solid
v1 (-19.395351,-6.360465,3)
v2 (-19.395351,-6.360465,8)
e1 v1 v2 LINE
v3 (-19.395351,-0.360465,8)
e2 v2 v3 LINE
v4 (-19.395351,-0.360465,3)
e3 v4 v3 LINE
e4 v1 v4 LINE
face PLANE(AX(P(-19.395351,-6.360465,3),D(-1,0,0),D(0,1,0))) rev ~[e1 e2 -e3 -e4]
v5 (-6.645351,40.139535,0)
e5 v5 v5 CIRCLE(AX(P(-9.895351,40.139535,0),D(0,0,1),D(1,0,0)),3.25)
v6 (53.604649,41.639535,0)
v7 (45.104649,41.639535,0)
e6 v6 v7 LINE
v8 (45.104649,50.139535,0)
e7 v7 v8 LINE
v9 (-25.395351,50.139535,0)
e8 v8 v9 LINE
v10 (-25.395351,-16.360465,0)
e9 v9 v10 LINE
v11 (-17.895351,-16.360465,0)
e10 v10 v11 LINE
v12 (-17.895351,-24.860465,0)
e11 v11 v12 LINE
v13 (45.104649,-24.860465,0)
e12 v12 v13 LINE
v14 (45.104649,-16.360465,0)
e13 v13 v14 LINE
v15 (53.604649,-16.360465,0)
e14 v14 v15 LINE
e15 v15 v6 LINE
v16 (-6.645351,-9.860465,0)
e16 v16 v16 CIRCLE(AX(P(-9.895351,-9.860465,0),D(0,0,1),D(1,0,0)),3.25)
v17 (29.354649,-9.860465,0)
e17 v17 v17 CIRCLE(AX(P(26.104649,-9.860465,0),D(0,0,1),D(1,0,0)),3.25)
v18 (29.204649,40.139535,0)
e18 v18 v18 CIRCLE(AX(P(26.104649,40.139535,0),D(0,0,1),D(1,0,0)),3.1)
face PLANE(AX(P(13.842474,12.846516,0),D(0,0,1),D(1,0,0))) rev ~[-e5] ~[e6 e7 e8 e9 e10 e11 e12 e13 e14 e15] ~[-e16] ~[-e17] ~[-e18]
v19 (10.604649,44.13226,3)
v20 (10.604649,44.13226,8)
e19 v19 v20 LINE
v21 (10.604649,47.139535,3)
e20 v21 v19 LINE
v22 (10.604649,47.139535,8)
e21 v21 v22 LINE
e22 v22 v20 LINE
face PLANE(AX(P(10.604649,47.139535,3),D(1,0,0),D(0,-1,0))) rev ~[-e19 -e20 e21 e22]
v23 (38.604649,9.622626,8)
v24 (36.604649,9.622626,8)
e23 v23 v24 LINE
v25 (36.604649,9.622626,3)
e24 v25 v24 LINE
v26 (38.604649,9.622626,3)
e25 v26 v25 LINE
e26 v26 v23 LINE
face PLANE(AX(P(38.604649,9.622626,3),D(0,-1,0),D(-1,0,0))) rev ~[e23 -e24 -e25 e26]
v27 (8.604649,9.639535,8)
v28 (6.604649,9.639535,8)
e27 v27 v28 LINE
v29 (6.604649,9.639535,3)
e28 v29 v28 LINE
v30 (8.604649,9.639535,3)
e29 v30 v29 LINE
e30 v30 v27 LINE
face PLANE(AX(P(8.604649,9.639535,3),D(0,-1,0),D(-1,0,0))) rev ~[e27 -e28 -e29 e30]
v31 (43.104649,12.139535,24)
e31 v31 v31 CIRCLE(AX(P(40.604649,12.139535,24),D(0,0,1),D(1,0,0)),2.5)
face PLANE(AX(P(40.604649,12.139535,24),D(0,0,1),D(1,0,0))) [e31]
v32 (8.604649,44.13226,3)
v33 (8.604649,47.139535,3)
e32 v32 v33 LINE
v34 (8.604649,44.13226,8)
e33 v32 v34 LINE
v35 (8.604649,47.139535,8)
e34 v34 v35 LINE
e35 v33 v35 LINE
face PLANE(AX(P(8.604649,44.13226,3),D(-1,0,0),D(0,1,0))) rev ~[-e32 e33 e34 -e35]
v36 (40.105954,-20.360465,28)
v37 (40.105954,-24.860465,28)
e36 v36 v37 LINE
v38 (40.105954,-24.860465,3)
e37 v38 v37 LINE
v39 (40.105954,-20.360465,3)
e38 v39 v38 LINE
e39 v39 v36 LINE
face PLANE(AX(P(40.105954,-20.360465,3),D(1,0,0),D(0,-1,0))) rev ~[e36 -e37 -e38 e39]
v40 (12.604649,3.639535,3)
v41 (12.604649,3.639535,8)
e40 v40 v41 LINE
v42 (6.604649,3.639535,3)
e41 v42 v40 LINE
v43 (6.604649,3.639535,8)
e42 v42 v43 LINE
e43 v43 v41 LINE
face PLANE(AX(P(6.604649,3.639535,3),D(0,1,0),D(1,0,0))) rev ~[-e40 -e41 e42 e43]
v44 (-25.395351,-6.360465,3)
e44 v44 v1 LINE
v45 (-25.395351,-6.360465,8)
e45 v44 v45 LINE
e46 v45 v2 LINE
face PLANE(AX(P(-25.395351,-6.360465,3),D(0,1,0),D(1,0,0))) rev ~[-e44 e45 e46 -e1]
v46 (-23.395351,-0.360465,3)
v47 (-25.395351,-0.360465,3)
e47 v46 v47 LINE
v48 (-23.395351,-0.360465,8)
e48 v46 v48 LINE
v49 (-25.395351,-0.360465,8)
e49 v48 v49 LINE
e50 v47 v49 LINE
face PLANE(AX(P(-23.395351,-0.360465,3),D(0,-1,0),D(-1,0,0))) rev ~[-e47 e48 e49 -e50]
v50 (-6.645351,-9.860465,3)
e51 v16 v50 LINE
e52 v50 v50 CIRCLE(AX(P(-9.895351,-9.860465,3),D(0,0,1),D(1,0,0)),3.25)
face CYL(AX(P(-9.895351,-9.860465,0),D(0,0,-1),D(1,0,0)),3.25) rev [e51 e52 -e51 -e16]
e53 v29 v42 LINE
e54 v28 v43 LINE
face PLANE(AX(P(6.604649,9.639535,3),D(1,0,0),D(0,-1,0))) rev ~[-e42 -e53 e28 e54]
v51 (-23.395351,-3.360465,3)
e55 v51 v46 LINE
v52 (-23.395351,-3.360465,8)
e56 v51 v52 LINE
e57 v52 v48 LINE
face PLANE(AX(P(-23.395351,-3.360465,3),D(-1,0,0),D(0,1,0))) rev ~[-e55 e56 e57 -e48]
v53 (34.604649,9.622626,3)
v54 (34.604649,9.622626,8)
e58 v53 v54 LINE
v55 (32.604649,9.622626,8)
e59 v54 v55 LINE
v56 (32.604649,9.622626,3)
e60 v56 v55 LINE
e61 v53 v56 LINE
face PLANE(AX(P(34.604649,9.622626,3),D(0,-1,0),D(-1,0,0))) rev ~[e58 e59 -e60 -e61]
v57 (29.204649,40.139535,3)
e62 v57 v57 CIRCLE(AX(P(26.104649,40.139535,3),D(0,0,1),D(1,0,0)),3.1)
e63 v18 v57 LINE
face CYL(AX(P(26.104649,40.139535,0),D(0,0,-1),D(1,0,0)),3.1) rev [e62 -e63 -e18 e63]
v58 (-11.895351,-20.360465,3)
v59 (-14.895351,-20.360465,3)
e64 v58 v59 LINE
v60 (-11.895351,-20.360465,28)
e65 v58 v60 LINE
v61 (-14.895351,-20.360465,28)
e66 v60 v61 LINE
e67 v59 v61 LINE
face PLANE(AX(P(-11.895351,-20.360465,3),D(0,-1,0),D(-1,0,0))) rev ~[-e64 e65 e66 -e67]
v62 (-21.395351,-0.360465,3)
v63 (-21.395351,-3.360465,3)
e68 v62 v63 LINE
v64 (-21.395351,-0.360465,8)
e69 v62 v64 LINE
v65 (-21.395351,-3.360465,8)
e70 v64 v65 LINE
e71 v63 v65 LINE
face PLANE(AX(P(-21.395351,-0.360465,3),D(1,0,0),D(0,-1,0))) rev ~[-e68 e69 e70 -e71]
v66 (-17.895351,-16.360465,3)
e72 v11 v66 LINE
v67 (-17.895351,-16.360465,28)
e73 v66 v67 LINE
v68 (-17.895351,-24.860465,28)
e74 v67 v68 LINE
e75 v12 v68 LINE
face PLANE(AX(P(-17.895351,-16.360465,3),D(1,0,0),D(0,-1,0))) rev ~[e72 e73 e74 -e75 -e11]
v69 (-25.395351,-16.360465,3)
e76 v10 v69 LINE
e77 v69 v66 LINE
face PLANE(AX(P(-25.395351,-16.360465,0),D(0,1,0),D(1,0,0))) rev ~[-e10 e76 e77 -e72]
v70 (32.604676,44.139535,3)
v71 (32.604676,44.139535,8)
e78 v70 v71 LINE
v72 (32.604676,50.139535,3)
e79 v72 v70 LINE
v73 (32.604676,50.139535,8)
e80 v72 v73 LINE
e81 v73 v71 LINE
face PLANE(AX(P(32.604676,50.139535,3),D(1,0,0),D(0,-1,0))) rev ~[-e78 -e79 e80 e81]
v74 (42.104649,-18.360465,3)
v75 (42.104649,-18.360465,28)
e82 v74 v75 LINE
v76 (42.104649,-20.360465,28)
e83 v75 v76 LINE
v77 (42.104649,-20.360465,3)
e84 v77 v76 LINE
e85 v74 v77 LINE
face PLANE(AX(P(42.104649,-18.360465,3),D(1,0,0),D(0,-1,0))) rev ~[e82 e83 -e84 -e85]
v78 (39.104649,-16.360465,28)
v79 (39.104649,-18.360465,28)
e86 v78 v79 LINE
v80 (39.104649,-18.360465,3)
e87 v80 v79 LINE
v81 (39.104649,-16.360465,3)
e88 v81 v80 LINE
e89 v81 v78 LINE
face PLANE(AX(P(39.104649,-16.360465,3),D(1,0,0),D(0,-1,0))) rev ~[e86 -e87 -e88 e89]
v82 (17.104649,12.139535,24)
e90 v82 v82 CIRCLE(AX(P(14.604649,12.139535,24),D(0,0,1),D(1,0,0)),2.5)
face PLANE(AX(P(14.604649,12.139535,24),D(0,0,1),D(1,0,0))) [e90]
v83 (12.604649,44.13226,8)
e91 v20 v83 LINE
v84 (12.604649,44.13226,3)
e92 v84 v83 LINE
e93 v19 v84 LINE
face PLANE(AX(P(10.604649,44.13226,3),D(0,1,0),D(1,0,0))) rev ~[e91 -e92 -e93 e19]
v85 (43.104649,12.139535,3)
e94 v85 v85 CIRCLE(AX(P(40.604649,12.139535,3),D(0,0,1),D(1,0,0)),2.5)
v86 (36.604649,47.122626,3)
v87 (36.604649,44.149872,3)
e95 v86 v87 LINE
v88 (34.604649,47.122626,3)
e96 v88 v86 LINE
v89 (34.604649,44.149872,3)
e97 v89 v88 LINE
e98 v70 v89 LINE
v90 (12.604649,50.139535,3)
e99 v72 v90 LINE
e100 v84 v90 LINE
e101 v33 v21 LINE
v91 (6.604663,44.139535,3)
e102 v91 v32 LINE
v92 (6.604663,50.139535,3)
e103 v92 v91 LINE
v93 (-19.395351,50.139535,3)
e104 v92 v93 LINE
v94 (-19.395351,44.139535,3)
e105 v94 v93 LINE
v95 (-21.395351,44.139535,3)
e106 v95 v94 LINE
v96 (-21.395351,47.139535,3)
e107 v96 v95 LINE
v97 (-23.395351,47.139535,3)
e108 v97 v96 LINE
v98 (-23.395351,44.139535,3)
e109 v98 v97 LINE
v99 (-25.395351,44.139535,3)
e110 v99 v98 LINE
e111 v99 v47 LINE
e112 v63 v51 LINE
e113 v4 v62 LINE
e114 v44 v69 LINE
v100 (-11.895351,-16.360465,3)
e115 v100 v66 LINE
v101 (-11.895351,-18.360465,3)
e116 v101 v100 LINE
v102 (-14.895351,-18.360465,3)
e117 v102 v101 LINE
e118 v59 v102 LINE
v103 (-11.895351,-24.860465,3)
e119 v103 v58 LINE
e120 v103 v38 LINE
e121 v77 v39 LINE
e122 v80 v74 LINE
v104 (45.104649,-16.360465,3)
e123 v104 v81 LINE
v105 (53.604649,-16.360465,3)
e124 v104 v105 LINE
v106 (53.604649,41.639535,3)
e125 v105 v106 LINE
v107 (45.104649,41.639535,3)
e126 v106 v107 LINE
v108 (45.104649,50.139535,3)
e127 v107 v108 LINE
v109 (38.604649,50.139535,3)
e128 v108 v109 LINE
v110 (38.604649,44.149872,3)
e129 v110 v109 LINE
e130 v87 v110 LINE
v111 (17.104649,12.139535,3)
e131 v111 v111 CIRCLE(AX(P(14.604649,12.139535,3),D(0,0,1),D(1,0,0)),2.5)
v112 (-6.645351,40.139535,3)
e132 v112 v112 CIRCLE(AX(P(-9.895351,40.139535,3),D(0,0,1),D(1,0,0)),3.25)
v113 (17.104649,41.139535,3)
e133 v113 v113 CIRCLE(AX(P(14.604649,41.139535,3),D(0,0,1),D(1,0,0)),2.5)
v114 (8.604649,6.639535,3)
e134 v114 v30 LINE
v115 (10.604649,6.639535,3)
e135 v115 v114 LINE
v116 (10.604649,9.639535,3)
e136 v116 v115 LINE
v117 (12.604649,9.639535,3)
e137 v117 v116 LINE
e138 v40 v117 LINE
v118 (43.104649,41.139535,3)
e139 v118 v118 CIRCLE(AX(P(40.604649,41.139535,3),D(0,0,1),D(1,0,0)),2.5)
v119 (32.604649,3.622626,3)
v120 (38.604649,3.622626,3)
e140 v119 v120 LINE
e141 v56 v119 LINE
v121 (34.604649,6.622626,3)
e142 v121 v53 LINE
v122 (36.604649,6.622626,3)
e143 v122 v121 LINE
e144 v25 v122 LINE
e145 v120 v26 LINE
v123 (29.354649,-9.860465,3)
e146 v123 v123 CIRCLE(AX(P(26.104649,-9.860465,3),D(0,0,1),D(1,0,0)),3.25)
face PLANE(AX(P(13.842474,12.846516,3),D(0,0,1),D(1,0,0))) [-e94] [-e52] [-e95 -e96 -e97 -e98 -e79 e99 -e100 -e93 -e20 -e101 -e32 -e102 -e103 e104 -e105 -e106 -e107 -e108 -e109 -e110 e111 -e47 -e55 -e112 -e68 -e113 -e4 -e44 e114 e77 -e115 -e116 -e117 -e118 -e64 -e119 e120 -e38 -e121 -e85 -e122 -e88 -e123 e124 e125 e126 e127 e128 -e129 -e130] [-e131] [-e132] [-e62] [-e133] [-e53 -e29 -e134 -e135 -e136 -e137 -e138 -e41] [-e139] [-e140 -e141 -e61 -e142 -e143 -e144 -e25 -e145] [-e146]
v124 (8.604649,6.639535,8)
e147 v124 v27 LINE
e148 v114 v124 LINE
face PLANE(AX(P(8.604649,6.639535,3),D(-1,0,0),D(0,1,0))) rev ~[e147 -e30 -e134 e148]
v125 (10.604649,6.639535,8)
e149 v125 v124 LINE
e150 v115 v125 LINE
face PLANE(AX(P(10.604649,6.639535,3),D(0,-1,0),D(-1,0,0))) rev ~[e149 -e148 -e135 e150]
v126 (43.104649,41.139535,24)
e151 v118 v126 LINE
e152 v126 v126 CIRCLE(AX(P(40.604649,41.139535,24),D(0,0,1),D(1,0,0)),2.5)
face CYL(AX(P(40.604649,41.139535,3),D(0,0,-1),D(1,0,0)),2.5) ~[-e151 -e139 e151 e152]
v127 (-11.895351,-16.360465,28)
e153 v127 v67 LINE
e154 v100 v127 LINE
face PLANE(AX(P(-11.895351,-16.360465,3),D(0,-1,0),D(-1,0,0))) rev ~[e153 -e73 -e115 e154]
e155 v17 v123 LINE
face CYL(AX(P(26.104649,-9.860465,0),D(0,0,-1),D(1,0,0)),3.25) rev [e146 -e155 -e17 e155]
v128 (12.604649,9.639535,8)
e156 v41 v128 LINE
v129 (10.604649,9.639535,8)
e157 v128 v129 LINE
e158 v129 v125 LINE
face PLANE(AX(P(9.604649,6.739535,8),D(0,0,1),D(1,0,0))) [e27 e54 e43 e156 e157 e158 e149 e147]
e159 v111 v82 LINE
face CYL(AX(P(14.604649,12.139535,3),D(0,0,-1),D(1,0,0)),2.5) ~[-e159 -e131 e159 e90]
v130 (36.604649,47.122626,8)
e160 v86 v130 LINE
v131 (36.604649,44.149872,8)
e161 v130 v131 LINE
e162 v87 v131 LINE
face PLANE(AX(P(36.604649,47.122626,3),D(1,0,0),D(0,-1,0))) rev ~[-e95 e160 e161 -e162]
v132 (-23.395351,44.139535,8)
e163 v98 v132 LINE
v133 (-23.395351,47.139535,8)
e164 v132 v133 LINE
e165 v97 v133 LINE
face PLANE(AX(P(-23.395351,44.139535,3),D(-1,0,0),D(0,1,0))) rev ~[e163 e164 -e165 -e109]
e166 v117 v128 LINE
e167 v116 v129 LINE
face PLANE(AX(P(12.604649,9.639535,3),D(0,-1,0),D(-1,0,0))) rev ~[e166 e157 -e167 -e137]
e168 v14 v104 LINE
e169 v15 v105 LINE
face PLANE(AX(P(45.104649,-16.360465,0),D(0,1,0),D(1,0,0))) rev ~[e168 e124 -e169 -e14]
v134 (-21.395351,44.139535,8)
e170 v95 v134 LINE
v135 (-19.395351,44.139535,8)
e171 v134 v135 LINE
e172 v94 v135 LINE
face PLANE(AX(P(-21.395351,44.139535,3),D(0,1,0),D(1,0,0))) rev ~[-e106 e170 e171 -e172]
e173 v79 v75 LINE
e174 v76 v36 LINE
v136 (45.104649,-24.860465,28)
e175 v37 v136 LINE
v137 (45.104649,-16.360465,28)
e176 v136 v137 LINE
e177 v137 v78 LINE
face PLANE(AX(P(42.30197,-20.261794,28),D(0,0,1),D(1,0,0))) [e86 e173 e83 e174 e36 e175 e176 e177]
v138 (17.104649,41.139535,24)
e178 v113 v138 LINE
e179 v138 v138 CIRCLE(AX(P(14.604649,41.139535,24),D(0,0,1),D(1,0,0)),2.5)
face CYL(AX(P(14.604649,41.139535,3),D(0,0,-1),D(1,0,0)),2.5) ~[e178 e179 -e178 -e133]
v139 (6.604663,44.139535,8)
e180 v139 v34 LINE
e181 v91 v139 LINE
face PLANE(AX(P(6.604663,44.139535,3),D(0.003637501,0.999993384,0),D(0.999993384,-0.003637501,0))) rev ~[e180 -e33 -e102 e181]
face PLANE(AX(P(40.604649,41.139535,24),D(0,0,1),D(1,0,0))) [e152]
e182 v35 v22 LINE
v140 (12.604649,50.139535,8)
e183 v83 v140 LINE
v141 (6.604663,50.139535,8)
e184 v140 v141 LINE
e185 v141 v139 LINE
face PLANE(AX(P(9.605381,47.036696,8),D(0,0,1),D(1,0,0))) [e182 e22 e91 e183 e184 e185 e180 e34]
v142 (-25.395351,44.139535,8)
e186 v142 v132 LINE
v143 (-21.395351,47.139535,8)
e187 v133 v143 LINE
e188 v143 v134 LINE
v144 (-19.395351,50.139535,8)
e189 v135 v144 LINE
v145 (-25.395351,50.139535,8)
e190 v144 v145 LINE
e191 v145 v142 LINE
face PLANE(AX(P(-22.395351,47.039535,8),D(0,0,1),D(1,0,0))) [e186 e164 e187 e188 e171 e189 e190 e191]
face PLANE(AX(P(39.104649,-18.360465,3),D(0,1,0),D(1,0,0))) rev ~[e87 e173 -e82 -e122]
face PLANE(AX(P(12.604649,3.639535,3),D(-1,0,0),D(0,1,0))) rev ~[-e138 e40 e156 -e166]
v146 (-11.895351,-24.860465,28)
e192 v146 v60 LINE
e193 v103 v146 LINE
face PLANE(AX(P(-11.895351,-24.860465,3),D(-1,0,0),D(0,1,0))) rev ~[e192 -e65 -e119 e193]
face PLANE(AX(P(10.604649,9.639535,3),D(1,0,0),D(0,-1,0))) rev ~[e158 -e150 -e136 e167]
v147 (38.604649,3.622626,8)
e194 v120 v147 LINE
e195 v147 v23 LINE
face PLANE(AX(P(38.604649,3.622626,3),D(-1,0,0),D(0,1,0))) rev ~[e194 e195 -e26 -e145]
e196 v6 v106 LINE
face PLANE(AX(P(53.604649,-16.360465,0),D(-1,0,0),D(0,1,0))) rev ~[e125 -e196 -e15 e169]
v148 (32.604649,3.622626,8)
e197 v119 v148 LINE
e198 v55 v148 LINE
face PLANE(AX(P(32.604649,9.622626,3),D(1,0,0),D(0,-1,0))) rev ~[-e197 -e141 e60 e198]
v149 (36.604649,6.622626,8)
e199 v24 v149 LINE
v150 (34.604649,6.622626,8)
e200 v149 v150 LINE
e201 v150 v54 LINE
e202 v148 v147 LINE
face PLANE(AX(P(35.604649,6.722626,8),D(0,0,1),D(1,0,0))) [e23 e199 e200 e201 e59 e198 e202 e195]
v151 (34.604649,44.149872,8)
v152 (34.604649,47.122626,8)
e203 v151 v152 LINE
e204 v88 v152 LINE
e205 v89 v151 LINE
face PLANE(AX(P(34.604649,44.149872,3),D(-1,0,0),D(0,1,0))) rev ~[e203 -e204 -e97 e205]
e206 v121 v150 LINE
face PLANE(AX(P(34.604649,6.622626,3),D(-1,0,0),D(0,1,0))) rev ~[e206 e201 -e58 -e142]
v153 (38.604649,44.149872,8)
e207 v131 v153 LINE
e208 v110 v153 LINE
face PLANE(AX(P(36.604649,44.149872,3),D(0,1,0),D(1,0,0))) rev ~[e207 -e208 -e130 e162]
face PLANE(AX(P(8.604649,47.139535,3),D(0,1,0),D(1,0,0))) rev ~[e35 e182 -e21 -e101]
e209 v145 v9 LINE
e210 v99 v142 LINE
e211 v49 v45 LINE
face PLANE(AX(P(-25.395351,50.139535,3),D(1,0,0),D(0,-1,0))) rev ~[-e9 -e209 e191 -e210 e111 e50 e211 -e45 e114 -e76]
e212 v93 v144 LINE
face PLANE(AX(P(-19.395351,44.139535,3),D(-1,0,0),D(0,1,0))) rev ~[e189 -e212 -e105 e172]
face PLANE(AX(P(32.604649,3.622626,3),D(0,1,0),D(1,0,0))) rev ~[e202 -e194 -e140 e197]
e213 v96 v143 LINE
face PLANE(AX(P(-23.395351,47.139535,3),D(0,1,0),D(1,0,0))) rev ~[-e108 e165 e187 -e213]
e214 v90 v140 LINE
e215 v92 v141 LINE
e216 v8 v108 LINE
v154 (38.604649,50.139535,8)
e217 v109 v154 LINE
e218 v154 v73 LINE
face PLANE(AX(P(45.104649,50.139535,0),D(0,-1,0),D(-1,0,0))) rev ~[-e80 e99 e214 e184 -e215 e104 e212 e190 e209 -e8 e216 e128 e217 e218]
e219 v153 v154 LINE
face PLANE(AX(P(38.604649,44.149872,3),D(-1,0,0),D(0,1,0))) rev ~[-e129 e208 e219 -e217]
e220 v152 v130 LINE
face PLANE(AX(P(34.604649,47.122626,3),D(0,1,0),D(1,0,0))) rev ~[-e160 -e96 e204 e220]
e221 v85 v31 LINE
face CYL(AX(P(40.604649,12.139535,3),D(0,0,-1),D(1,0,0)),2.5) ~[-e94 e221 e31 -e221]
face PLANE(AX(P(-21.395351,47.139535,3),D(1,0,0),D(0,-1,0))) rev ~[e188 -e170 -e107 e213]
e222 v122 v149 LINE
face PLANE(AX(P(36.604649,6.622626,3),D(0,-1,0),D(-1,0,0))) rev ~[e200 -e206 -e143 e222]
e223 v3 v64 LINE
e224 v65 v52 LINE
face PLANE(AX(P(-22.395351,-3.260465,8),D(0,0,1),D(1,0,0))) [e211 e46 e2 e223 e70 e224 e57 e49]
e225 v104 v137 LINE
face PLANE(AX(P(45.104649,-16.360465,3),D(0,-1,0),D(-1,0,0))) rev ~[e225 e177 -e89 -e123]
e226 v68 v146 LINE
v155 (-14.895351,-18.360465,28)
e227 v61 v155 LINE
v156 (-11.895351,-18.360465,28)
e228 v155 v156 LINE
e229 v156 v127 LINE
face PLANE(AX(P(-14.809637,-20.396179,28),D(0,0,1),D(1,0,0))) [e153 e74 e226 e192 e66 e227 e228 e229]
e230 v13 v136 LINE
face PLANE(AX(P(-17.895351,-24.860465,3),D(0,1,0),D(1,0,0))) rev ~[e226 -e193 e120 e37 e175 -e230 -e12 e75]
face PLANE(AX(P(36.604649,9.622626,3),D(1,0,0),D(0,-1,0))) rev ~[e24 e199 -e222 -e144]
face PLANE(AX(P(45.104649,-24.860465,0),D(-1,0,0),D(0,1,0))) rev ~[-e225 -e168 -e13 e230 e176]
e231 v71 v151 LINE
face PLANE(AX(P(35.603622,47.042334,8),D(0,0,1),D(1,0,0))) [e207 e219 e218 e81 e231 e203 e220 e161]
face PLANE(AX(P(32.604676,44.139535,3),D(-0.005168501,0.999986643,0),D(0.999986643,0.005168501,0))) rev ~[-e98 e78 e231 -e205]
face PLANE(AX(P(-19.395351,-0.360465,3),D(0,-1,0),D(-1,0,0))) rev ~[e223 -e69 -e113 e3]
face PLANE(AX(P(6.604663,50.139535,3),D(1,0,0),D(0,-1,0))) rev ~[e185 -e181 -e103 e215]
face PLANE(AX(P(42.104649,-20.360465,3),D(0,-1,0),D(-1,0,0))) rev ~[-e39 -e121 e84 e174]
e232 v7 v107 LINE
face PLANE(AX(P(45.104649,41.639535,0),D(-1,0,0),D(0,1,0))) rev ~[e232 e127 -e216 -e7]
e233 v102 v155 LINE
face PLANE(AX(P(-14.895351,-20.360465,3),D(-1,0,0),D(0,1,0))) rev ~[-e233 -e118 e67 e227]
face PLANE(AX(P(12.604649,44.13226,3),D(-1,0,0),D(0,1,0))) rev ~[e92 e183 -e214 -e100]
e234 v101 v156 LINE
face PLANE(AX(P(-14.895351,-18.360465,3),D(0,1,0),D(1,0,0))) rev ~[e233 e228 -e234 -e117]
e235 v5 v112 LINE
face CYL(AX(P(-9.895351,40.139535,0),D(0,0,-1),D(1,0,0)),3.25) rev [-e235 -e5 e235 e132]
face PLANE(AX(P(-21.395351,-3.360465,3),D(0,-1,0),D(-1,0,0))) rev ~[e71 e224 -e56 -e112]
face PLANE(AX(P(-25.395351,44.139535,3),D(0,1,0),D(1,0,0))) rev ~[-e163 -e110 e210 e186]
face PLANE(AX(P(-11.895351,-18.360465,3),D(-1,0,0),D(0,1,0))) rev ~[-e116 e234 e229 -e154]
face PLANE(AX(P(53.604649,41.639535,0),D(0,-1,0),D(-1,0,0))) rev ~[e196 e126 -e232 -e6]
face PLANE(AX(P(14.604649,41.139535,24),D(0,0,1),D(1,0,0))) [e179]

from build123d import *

# Parameters (mm, degrees)
F0_R     = 3.25
F0_R_2   = 3.1
F1_DEPTH = 3
F3_DEPTH = 5
F4_DEPTH = 25
F2_R     = 2.5
F5_DEPTH = 21


with BuildPart() as f1:
    # F0 (on Top) → F1 (new body)
    with BuildSketch(Plane.XY):
        Polygon((45.104649, 50.139535), (0, 50.139535), (-25.395351, 50.139535), (-25.395351, -16.360465), (-17.895351, -16.360465), (-17.895351, -24.860465), (0, -24.860465), (45.104649, -24.860465), (45.104649, -16.360465), (53.604649, -16.360465), (53.604649, 41.639535), (45.104649, 41.639535), align=None)
        with Locations((-9.895351, -9.860465)):
            Circle(F0_R, mode=Mode.SUBTRACT)
        with Locations((26.104649, -9.860465)):
            Circle(F0_R, mode=Mode.SUBTRACT)
        with Locations((-9.895351, 40.139535)):
            Circle(F0_R, mode=Mode.SUBTRACT)
        with Locations((26.104649, 40.139535)):
            Circle(F0_R_2, mode=Mode.SUBTRACT)
    extrude(amount=F1_DEPTH)

    # F2 (on face) → F3 (join)
    with BuildSketch(Plane.XY.offset(3)):
        Polygon((-23.395351, 44.139535), (-23.395351, 47.139535), (-21.395351, 47.139535), (-21.395351, 44.139535), (-19.395351, 44.139535), (-19.395351, 50.139535), (-25.395351, 50.139535), (-25.395351, 44.139535), align=None)
        Polygon((12.604649, 50.139535), (6.604663, 50.139535), (6.604663, 44.139535), (8.604649, 44.13226), (8.604649, 47.139535), (10.604649, 47.139535), (10.604649, 44.13226), (12.604649, 44.13226), align=None)
        Polygon((8.604649, 6.639535), (8.604649, 9.639535), (6.604649, 9.639535), (6.604649, 3.639535), (12.604649, 3.639535), (12.604649, 9.639535), (10.604649, 9.639535), (10.604649, 6.639535), align=None)
        Polygon((34.604649, 6.622626), (34.604649, 9.622626), (32.604649, 9.622626), (32.604649, 3.622626), (38.604649, 3.622626), (38.604649, 9.622626), (36.604649, 9.622626), (36.604649, 6.622626), align=None)
        Polygon((-23.395351, -3.360465), (-23.395351, -0.360465), (-25.395351, -0.360465), (-25.395351, -6.360465), (-19.395351, -6.360465), (-19.395351, -0.360465), (-21.395351, -0.360465), (-21.395351, -3.360465), align=None)
        Polygon((38.604649, 50.139535), (32.604676, 50.139535), (32.604676, 44.139535), (34.604649, 44.149872), (34.604649, 47.122626), (36.604649, 47.122626), (36.604649, 44.149872), (38.604649, 44.149872), align=None)
    extrude(amount=F3_DEPTH)

    # F2 (on face) → F4 (join)
    with BuildSketch(Plane.XY.offset(3)):
        Polygon((-11.895351, -16.360465), (-17.895351, -16.360465), (-17.895351, -24.860465), (-11.895351, -24.860465), (-11.895351, -20.360465), (-14.895351, -20.360465), (-14.895351, -18.360465), (-11.895351, -18.360465), align=None)
        Polygon((40.105954, -20.360465), (40.105954, -24.860465), (45.104649, -24.860465), (45.104649, -16.360465), (39.104649, -16.360465), (39.104649, -18.360465), (42.104649, -18.360465), (42.104649, -20.360465), align=None)
    extrude(amount=F4_DEPTH)

    # F2 (on face) → F5 (join)
    with BuildSketch(Plane.XY.offset(3)):
        with Locations((14.604649, 41.139535)):
            Circle(F2_R)
        with Locations((14.604649, 12.139535)):
            Circle(F2_R)
        with Locations((40.604649, 12.139535)):
            Circle(F2_R)
        with Locations((40.604649, 41.139535)):
            Circle(F2_R)
    extrude(amount=F5_DEPTH)


solid = f1.part
